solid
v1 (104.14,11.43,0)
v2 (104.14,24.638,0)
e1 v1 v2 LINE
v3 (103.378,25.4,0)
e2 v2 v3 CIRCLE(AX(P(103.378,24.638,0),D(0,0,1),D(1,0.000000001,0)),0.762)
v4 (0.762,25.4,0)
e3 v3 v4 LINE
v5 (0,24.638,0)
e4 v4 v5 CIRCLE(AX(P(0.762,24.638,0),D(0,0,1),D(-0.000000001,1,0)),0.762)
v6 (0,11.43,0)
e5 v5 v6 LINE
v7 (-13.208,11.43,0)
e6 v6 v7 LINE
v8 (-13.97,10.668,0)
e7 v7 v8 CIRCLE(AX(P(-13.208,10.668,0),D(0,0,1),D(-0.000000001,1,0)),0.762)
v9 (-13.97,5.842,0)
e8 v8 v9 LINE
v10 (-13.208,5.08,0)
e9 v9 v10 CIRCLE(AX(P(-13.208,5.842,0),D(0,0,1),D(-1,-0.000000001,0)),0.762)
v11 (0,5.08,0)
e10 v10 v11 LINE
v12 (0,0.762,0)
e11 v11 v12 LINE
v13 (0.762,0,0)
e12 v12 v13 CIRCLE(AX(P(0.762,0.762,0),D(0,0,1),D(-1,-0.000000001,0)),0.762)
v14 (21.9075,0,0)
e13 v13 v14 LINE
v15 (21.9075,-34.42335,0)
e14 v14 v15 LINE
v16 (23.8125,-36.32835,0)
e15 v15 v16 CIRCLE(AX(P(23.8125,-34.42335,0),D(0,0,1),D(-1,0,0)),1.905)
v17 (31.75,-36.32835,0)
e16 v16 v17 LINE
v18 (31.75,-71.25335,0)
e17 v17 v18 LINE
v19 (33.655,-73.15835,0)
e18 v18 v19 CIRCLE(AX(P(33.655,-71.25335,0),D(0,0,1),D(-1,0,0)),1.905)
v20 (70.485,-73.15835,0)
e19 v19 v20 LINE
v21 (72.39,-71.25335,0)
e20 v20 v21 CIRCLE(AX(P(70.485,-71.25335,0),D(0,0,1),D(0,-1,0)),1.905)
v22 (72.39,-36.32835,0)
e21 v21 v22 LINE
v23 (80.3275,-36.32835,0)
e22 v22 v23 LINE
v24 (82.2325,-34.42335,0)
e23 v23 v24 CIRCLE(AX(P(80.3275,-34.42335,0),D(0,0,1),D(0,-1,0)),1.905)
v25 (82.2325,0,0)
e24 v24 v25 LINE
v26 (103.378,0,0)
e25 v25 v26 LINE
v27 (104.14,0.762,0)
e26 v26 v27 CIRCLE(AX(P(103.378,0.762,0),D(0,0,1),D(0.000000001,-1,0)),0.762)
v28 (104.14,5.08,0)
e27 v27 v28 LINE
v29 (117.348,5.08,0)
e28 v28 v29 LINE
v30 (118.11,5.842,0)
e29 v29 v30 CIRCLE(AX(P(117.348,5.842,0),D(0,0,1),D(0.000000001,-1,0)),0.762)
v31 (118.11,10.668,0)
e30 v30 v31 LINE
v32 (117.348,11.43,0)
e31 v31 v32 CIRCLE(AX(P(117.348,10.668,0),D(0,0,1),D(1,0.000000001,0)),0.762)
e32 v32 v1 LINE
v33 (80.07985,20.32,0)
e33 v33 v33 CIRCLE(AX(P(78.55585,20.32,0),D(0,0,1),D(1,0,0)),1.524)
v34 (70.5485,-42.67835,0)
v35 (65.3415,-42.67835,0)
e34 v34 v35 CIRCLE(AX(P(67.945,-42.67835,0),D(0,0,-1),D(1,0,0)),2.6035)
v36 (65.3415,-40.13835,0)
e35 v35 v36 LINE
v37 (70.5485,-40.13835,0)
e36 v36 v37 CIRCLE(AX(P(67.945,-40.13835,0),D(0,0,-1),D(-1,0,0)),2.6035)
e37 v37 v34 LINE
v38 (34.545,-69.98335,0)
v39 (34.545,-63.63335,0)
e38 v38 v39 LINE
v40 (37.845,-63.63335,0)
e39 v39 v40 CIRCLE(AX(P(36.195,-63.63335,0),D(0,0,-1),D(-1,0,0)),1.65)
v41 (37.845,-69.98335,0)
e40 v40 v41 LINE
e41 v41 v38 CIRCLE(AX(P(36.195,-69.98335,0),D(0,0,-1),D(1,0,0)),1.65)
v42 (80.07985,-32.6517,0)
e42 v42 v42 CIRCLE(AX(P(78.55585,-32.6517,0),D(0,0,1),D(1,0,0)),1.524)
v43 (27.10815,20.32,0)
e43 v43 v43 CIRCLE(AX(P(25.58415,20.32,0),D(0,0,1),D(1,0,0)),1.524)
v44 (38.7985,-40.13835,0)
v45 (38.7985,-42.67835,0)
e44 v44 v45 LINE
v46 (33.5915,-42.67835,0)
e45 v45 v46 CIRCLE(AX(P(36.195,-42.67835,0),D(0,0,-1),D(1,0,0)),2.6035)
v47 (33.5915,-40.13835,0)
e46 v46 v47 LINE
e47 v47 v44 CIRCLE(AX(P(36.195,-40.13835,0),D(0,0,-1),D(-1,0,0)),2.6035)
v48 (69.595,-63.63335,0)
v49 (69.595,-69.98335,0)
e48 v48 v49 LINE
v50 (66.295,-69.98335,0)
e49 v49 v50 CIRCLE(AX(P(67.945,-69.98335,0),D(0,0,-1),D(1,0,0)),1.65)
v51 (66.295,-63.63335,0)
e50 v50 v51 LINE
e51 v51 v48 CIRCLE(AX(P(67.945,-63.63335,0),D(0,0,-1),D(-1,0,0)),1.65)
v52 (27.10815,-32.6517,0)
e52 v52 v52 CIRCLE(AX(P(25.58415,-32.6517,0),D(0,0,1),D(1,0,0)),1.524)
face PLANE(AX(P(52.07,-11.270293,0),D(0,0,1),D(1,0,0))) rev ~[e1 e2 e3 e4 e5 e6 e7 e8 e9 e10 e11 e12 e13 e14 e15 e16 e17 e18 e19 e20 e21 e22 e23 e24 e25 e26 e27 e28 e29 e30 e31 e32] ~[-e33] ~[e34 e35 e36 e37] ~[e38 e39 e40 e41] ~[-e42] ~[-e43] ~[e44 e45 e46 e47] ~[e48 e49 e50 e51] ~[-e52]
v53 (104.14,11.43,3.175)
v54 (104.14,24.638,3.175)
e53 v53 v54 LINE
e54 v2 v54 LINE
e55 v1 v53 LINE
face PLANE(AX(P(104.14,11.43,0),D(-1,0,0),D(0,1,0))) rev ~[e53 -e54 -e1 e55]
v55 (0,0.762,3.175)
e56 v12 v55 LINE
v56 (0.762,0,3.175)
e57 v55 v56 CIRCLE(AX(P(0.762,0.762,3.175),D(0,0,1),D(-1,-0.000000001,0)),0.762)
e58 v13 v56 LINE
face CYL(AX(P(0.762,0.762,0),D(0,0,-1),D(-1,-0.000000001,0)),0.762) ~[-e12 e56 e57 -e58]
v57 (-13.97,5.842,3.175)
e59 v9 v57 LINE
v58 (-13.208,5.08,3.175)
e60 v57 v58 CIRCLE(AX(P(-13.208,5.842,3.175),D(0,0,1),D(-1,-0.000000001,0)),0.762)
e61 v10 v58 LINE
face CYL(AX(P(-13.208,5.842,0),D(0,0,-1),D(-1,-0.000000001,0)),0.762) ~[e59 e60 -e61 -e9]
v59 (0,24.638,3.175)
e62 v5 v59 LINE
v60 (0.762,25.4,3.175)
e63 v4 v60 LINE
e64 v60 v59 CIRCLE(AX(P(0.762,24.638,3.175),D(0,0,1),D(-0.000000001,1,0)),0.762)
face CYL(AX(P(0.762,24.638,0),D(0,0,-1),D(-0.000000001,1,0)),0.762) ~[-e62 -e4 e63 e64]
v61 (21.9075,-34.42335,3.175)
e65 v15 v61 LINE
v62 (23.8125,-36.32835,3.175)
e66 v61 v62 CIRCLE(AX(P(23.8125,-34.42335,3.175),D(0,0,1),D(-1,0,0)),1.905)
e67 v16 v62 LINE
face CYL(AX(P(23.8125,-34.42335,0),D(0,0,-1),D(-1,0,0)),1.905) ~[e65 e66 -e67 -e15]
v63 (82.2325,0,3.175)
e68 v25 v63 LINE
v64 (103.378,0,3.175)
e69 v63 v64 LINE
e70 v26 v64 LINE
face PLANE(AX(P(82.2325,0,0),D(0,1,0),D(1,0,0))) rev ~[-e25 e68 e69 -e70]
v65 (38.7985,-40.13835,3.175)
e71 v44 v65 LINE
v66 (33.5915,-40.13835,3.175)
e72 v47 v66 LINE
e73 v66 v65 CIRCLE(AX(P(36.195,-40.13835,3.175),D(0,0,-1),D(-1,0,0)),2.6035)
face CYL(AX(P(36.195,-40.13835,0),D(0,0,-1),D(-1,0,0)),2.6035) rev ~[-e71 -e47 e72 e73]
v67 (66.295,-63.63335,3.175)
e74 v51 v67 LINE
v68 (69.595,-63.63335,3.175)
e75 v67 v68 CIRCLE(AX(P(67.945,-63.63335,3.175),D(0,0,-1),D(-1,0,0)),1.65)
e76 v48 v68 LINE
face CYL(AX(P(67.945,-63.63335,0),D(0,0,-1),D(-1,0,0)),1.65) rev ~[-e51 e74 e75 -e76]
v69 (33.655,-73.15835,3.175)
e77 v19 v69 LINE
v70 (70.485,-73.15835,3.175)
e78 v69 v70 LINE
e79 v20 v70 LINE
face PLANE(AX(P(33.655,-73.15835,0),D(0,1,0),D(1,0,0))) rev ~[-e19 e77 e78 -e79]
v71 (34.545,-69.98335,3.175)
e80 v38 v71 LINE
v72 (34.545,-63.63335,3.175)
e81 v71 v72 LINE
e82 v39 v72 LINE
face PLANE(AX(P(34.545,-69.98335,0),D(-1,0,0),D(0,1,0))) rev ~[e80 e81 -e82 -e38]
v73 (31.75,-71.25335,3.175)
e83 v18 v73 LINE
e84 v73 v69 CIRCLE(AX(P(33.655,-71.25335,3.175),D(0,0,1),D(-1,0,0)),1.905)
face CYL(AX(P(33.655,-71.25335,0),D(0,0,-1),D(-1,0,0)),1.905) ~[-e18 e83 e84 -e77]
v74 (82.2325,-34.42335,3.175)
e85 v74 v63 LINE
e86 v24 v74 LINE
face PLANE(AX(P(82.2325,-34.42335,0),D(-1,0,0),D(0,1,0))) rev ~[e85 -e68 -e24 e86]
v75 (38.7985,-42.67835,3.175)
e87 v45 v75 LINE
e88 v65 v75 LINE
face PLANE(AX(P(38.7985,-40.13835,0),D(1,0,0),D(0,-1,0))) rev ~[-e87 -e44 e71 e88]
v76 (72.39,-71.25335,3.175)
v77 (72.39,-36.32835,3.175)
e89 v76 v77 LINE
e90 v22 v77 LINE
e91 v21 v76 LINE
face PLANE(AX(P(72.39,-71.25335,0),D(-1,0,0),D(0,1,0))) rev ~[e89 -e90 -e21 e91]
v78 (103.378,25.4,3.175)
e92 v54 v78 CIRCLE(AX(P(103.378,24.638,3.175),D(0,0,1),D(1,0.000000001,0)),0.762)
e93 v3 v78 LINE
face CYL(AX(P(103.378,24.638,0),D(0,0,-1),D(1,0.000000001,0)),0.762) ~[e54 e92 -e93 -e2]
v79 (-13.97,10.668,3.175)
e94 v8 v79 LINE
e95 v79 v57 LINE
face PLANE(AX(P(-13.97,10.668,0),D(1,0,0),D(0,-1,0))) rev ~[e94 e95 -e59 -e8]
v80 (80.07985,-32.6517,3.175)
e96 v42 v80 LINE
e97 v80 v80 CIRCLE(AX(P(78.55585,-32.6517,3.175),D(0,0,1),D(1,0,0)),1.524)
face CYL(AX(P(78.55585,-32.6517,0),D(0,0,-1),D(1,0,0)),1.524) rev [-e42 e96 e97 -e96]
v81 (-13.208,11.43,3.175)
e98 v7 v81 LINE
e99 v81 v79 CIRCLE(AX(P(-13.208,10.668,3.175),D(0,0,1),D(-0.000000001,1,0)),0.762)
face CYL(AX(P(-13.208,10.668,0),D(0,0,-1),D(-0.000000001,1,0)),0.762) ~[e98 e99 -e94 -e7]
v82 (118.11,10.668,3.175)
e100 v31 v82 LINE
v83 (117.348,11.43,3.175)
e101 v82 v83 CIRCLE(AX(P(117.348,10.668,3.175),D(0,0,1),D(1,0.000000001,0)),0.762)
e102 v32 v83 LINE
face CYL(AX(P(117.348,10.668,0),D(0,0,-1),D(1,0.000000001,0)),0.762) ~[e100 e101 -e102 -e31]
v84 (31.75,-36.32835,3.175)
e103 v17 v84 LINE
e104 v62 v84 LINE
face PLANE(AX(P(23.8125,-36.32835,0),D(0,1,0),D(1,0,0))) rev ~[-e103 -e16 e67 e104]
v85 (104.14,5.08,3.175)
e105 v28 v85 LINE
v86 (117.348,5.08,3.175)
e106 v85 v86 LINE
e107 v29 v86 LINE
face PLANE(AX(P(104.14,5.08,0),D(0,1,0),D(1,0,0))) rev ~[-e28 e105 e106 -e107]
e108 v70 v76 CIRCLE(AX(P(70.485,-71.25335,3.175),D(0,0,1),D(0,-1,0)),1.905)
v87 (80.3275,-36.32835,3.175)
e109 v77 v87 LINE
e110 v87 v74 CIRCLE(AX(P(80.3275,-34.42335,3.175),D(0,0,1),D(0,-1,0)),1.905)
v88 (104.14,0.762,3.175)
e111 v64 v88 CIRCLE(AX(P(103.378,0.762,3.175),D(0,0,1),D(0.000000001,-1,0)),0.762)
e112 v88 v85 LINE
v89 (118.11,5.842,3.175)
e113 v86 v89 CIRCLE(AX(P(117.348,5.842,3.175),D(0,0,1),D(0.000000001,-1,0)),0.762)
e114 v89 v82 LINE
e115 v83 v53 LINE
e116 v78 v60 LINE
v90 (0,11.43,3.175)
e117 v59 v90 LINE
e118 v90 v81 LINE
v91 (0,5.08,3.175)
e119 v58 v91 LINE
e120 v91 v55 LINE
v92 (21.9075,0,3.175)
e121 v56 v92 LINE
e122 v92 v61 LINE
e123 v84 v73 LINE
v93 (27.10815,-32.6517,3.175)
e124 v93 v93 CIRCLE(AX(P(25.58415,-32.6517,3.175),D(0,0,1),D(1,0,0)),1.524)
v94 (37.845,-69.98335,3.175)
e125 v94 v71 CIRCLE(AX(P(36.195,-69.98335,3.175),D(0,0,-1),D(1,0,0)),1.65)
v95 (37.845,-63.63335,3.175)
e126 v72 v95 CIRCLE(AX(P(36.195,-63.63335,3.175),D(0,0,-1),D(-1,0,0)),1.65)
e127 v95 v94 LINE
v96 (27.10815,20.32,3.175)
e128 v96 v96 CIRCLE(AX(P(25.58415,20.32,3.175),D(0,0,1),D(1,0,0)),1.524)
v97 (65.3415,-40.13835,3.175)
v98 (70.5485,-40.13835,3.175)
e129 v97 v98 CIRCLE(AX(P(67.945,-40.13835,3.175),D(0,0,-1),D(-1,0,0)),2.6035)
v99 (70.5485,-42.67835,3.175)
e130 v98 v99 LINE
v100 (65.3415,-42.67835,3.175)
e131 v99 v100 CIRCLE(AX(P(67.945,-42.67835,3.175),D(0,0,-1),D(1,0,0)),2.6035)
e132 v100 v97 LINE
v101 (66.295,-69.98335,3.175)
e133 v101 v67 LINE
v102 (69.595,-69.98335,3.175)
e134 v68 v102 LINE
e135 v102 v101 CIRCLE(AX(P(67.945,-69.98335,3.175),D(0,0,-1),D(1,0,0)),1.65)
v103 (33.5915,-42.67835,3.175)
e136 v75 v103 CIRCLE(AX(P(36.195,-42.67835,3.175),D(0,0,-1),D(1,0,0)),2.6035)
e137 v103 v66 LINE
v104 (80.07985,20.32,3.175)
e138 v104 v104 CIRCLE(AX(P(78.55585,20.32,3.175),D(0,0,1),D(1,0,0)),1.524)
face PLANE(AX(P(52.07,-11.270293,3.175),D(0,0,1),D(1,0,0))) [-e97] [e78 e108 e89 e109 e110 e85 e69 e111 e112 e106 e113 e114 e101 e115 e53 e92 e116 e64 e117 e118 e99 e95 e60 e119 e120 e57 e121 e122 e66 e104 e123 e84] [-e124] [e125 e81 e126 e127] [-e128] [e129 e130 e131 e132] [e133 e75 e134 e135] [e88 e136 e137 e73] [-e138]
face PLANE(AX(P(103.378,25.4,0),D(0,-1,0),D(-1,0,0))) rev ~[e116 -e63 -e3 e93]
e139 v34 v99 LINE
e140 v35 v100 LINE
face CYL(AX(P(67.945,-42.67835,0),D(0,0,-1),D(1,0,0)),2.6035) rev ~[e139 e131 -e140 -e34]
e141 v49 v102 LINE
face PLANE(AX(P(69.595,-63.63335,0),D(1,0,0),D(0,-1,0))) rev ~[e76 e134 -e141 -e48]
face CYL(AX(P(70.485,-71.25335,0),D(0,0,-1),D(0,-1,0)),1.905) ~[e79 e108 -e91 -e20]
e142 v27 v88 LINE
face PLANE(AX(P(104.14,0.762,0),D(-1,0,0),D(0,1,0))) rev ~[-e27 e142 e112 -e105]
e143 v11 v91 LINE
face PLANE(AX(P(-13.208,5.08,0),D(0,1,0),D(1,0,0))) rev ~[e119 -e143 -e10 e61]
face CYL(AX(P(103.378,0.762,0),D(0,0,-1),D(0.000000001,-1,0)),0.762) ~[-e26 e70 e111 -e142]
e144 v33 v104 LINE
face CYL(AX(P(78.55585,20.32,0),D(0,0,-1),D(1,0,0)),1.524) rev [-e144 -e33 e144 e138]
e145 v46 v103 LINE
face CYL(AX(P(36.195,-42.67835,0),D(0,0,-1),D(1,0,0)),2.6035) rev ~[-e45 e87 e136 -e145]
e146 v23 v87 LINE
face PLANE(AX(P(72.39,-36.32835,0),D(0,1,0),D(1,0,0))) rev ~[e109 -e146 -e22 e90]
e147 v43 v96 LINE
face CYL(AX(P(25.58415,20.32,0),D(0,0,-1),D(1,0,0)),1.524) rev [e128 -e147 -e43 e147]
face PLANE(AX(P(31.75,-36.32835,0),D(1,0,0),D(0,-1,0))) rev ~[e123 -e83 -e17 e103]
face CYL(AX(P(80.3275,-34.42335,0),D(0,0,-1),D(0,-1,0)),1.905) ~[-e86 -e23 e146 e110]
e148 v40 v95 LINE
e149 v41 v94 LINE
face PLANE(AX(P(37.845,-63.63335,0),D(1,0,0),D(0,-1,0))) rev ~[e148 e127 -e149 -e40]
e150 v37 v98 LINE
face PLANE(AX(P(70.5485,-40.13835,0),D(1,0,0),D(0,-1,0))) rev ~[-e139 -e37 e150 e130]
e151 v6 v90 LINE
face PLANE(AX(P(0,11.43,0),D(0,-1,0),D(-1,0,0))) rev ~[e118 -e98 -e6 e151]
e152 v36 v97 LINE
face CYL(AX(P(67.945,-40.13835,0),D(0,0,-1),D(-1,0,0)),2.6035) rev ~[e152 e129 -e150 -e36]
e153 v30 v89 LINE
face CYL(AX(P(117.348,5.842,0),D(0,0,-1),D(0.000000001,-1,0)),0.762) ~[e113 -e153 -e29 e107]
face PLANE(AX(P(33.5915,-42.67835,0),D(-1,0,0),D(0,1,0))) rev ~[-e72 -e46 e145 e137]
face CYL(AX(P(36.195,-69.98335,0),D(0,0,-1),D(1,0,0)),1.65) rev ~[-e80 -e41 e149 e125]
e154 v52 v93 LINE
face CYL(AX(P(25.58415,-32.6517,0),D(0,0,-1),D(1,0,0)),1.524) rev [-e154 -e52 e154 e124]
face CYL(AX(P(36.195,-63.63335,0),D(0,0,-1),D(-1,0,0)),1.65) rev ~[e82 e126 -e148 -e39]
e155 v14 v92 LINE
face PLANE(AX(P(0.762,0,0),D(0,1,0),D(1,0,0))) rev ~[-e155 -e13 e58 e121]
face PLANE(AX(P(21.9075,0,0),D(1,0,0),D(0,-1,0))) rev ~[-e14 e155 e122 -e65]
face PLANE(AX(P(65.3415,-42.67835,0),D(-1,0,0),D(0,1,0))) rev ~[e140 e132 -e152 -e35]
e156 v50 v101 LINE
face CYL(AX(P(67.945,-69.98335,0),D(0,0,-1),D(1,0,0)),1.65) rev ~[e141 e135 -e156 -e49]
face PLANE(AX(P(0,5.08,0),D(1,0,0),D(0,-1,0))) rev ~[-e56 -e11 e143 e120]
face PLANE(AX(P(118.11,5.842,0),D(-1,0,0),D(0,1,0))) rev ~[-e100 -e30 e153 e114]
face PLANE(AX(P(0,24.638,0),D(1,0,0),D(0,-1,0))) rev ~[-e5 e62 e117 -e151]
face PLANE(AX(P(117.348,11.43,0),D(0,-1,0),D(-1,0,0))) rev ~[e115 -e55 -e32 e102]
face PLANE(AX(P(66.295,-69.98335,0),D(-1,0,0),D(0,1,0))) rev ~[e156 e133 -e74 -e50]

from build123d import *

# Parameters (mm, degrees)
SKETCH1_R           = 1.524
BOSS_EXTRUDE1_DEPTH = 3.175


with BuildPart() as part:
    # Sketch1 → Boss-Extrude1 (new body)
    with BuildSketch(Plane.XY):
        with BuildLine():
            Line((0.762, 0), (21.9075, 0))
            Line((21.9075, 0), (21.9075, -34.42335))
            ThreePointArc((21.9075, -34.42335), (22.465461582, -35.770388418), (23.8125, -36.32835))
            Line((23.8125, -36.32835), (31.75, -36.32835))
            Line((31.75, -36.32835), (31.75, -71.25335))
            ThreePointArc((31.75, -71.25335), (32.307961582, -72.600388418), (33.655, -73.15835))
            Line((33.655, -73.15835), (70.485, -73.15835))
            ThreePointArc((70.485, -73.15835), (71.832038418, -72.600388418), (72.39, -71.25335))
            Line((72.39, -71.25335), (72.39, -36.32835))
            Line((72.39, -36.32835), (80.3275, -36.32835))
            ThreePointArc((80.3275, -36.32835), (81.674538418, -35.770388418), (82.2325, -34.42335))
            Line((82.2325, -34.42335), (82.2325, 0))
            Line((82.2325, 0), (103.378, 0))
            ThreePointArc((103.378, 0), (103.916815367, 0.223184633), (104.14, 0.762))
            Line((104.14, 0.762), (104.14, 5.08))
            Line((104.14, 5.08), (117.348, 5.08))
            ThreePointArc((117.348, 5.08), (117.886815367, 5.303184633), (118.11, 5.842))
            Line((118.11, 5.842), (118.11, 10.668))
            ThreePointArc((118.11, 10.668), (117.886815367, 11.206815367), (117.348, 11.43))
            Line((117.348, 11.43), (104.14, 11.43))
            Line((104.14, 11.43), (104.14, 24.638))
            ThreePointArc((104.14, 24.638), (103.916815367, 25.176815367), (103.378, 25.4))
            Line((103.378, 25.4), (0.762, 25.4))
            ThreePointArc((0.762, 25.4), (0.223184633, 25.176815367), (0, 24.638))
            Line((0, 24.638), (0, 11.43))
            Line((0, 11.43), (-13.208, 11.43))
            ThreePointArc((-13.208, 11.43), (-13.746815367, 11.206815367), (-13.97, 10.668))
            Line((-13.97, 10.668), (-13.97, 5.842))
            ThreePointArc((-13.97, 5.842), (-13.746815367, 5.303184633), (-13.208, 5.08))
            Line((-13.208, 5.08), (0, 5.08))
            Line((0, 5.08), (0, 0.762))
            ThreePointArc((0, 0.762), (0.223184633, 0.223184633), (0.762, 0))
        make_face()
        with Locations((25.58415, 20.32)):
            Circle(SKETCH1_R, mode=Mode.SUBTRACT)
        with Locations((78.55585, 20.32)):
            Circle(SKETCH1_R, mode=Mode.SUBTRACT)
        with Locations((78.55585, -32.6517)):
            Circle(SKETCH1_R, mode=Mode.SUBTRACT)
        with Locations((25.58415, -32.6517)):
            Circle(SKETCH1_R, mode=Mode.SUBTRACT)
        with BuildLine():
            Line((38.7985, -40.13835), (38.7985, -42.67835))
            ThreePointArc((38.7985, -42.67835), (36.195, -45.28185), (33.5915, -42.67835))
            Line((33.5915, -42.67835), (33.5915, -40.13835))
            ThreePointArc((33.5915, -40.13835), (36.195, -37.53485), (38.7985, -40.13835))
        make_face(mode=Mode.SUBTRACT)
        with BuildLine():
            Line((70.5485, -40.13835), (70.5485, -42.67835))
            ThreePointArc((70.5485, -42.67835), (67.945, -45.28185), (65.3415, -42.67835))
            Line((65.3415, -42.67835), (65.3415, -40.13835))
            ThreePointArc((65.3415, -40.13835), (67.945, -37.53485), (70.5485, -40.13835))
        make_face(mode=Mode.SUBTRACT)
        with BuildLine():
            Line((69.595, -63.63335), (69.595, -69.98335))
            ThreePointArc((69.595, -69.98335), (67.945, -71.63335), (66.295, -69.98335))
            Line((66.295, -69.98335), (66.295, -63.63335))
            ThreePointArc((66.295, -63.63335), (67.945, -61.98335), (69.595, -63.63335))
        make_face(mode=Mode.SUBTRACT)
        with BuildLine():
            Line((37.845, -63.63335), (37.845, -69.98335))
            ThreePointArc((37.845, -69.98335), (36.195, -71.63335), (34.545, -69.98335))
            Line((34.545, -69.98335), (34.545, -63.63335))
            ThreePointArc((34.545, -63.63335), (36.195, -61.98335), (37.845, -63.63335))
        make_face(mode=Mode.SUBTRACT)
    extrude(amount=BOSS_EXTRUDE1_DEPTH)


solid = part.part
